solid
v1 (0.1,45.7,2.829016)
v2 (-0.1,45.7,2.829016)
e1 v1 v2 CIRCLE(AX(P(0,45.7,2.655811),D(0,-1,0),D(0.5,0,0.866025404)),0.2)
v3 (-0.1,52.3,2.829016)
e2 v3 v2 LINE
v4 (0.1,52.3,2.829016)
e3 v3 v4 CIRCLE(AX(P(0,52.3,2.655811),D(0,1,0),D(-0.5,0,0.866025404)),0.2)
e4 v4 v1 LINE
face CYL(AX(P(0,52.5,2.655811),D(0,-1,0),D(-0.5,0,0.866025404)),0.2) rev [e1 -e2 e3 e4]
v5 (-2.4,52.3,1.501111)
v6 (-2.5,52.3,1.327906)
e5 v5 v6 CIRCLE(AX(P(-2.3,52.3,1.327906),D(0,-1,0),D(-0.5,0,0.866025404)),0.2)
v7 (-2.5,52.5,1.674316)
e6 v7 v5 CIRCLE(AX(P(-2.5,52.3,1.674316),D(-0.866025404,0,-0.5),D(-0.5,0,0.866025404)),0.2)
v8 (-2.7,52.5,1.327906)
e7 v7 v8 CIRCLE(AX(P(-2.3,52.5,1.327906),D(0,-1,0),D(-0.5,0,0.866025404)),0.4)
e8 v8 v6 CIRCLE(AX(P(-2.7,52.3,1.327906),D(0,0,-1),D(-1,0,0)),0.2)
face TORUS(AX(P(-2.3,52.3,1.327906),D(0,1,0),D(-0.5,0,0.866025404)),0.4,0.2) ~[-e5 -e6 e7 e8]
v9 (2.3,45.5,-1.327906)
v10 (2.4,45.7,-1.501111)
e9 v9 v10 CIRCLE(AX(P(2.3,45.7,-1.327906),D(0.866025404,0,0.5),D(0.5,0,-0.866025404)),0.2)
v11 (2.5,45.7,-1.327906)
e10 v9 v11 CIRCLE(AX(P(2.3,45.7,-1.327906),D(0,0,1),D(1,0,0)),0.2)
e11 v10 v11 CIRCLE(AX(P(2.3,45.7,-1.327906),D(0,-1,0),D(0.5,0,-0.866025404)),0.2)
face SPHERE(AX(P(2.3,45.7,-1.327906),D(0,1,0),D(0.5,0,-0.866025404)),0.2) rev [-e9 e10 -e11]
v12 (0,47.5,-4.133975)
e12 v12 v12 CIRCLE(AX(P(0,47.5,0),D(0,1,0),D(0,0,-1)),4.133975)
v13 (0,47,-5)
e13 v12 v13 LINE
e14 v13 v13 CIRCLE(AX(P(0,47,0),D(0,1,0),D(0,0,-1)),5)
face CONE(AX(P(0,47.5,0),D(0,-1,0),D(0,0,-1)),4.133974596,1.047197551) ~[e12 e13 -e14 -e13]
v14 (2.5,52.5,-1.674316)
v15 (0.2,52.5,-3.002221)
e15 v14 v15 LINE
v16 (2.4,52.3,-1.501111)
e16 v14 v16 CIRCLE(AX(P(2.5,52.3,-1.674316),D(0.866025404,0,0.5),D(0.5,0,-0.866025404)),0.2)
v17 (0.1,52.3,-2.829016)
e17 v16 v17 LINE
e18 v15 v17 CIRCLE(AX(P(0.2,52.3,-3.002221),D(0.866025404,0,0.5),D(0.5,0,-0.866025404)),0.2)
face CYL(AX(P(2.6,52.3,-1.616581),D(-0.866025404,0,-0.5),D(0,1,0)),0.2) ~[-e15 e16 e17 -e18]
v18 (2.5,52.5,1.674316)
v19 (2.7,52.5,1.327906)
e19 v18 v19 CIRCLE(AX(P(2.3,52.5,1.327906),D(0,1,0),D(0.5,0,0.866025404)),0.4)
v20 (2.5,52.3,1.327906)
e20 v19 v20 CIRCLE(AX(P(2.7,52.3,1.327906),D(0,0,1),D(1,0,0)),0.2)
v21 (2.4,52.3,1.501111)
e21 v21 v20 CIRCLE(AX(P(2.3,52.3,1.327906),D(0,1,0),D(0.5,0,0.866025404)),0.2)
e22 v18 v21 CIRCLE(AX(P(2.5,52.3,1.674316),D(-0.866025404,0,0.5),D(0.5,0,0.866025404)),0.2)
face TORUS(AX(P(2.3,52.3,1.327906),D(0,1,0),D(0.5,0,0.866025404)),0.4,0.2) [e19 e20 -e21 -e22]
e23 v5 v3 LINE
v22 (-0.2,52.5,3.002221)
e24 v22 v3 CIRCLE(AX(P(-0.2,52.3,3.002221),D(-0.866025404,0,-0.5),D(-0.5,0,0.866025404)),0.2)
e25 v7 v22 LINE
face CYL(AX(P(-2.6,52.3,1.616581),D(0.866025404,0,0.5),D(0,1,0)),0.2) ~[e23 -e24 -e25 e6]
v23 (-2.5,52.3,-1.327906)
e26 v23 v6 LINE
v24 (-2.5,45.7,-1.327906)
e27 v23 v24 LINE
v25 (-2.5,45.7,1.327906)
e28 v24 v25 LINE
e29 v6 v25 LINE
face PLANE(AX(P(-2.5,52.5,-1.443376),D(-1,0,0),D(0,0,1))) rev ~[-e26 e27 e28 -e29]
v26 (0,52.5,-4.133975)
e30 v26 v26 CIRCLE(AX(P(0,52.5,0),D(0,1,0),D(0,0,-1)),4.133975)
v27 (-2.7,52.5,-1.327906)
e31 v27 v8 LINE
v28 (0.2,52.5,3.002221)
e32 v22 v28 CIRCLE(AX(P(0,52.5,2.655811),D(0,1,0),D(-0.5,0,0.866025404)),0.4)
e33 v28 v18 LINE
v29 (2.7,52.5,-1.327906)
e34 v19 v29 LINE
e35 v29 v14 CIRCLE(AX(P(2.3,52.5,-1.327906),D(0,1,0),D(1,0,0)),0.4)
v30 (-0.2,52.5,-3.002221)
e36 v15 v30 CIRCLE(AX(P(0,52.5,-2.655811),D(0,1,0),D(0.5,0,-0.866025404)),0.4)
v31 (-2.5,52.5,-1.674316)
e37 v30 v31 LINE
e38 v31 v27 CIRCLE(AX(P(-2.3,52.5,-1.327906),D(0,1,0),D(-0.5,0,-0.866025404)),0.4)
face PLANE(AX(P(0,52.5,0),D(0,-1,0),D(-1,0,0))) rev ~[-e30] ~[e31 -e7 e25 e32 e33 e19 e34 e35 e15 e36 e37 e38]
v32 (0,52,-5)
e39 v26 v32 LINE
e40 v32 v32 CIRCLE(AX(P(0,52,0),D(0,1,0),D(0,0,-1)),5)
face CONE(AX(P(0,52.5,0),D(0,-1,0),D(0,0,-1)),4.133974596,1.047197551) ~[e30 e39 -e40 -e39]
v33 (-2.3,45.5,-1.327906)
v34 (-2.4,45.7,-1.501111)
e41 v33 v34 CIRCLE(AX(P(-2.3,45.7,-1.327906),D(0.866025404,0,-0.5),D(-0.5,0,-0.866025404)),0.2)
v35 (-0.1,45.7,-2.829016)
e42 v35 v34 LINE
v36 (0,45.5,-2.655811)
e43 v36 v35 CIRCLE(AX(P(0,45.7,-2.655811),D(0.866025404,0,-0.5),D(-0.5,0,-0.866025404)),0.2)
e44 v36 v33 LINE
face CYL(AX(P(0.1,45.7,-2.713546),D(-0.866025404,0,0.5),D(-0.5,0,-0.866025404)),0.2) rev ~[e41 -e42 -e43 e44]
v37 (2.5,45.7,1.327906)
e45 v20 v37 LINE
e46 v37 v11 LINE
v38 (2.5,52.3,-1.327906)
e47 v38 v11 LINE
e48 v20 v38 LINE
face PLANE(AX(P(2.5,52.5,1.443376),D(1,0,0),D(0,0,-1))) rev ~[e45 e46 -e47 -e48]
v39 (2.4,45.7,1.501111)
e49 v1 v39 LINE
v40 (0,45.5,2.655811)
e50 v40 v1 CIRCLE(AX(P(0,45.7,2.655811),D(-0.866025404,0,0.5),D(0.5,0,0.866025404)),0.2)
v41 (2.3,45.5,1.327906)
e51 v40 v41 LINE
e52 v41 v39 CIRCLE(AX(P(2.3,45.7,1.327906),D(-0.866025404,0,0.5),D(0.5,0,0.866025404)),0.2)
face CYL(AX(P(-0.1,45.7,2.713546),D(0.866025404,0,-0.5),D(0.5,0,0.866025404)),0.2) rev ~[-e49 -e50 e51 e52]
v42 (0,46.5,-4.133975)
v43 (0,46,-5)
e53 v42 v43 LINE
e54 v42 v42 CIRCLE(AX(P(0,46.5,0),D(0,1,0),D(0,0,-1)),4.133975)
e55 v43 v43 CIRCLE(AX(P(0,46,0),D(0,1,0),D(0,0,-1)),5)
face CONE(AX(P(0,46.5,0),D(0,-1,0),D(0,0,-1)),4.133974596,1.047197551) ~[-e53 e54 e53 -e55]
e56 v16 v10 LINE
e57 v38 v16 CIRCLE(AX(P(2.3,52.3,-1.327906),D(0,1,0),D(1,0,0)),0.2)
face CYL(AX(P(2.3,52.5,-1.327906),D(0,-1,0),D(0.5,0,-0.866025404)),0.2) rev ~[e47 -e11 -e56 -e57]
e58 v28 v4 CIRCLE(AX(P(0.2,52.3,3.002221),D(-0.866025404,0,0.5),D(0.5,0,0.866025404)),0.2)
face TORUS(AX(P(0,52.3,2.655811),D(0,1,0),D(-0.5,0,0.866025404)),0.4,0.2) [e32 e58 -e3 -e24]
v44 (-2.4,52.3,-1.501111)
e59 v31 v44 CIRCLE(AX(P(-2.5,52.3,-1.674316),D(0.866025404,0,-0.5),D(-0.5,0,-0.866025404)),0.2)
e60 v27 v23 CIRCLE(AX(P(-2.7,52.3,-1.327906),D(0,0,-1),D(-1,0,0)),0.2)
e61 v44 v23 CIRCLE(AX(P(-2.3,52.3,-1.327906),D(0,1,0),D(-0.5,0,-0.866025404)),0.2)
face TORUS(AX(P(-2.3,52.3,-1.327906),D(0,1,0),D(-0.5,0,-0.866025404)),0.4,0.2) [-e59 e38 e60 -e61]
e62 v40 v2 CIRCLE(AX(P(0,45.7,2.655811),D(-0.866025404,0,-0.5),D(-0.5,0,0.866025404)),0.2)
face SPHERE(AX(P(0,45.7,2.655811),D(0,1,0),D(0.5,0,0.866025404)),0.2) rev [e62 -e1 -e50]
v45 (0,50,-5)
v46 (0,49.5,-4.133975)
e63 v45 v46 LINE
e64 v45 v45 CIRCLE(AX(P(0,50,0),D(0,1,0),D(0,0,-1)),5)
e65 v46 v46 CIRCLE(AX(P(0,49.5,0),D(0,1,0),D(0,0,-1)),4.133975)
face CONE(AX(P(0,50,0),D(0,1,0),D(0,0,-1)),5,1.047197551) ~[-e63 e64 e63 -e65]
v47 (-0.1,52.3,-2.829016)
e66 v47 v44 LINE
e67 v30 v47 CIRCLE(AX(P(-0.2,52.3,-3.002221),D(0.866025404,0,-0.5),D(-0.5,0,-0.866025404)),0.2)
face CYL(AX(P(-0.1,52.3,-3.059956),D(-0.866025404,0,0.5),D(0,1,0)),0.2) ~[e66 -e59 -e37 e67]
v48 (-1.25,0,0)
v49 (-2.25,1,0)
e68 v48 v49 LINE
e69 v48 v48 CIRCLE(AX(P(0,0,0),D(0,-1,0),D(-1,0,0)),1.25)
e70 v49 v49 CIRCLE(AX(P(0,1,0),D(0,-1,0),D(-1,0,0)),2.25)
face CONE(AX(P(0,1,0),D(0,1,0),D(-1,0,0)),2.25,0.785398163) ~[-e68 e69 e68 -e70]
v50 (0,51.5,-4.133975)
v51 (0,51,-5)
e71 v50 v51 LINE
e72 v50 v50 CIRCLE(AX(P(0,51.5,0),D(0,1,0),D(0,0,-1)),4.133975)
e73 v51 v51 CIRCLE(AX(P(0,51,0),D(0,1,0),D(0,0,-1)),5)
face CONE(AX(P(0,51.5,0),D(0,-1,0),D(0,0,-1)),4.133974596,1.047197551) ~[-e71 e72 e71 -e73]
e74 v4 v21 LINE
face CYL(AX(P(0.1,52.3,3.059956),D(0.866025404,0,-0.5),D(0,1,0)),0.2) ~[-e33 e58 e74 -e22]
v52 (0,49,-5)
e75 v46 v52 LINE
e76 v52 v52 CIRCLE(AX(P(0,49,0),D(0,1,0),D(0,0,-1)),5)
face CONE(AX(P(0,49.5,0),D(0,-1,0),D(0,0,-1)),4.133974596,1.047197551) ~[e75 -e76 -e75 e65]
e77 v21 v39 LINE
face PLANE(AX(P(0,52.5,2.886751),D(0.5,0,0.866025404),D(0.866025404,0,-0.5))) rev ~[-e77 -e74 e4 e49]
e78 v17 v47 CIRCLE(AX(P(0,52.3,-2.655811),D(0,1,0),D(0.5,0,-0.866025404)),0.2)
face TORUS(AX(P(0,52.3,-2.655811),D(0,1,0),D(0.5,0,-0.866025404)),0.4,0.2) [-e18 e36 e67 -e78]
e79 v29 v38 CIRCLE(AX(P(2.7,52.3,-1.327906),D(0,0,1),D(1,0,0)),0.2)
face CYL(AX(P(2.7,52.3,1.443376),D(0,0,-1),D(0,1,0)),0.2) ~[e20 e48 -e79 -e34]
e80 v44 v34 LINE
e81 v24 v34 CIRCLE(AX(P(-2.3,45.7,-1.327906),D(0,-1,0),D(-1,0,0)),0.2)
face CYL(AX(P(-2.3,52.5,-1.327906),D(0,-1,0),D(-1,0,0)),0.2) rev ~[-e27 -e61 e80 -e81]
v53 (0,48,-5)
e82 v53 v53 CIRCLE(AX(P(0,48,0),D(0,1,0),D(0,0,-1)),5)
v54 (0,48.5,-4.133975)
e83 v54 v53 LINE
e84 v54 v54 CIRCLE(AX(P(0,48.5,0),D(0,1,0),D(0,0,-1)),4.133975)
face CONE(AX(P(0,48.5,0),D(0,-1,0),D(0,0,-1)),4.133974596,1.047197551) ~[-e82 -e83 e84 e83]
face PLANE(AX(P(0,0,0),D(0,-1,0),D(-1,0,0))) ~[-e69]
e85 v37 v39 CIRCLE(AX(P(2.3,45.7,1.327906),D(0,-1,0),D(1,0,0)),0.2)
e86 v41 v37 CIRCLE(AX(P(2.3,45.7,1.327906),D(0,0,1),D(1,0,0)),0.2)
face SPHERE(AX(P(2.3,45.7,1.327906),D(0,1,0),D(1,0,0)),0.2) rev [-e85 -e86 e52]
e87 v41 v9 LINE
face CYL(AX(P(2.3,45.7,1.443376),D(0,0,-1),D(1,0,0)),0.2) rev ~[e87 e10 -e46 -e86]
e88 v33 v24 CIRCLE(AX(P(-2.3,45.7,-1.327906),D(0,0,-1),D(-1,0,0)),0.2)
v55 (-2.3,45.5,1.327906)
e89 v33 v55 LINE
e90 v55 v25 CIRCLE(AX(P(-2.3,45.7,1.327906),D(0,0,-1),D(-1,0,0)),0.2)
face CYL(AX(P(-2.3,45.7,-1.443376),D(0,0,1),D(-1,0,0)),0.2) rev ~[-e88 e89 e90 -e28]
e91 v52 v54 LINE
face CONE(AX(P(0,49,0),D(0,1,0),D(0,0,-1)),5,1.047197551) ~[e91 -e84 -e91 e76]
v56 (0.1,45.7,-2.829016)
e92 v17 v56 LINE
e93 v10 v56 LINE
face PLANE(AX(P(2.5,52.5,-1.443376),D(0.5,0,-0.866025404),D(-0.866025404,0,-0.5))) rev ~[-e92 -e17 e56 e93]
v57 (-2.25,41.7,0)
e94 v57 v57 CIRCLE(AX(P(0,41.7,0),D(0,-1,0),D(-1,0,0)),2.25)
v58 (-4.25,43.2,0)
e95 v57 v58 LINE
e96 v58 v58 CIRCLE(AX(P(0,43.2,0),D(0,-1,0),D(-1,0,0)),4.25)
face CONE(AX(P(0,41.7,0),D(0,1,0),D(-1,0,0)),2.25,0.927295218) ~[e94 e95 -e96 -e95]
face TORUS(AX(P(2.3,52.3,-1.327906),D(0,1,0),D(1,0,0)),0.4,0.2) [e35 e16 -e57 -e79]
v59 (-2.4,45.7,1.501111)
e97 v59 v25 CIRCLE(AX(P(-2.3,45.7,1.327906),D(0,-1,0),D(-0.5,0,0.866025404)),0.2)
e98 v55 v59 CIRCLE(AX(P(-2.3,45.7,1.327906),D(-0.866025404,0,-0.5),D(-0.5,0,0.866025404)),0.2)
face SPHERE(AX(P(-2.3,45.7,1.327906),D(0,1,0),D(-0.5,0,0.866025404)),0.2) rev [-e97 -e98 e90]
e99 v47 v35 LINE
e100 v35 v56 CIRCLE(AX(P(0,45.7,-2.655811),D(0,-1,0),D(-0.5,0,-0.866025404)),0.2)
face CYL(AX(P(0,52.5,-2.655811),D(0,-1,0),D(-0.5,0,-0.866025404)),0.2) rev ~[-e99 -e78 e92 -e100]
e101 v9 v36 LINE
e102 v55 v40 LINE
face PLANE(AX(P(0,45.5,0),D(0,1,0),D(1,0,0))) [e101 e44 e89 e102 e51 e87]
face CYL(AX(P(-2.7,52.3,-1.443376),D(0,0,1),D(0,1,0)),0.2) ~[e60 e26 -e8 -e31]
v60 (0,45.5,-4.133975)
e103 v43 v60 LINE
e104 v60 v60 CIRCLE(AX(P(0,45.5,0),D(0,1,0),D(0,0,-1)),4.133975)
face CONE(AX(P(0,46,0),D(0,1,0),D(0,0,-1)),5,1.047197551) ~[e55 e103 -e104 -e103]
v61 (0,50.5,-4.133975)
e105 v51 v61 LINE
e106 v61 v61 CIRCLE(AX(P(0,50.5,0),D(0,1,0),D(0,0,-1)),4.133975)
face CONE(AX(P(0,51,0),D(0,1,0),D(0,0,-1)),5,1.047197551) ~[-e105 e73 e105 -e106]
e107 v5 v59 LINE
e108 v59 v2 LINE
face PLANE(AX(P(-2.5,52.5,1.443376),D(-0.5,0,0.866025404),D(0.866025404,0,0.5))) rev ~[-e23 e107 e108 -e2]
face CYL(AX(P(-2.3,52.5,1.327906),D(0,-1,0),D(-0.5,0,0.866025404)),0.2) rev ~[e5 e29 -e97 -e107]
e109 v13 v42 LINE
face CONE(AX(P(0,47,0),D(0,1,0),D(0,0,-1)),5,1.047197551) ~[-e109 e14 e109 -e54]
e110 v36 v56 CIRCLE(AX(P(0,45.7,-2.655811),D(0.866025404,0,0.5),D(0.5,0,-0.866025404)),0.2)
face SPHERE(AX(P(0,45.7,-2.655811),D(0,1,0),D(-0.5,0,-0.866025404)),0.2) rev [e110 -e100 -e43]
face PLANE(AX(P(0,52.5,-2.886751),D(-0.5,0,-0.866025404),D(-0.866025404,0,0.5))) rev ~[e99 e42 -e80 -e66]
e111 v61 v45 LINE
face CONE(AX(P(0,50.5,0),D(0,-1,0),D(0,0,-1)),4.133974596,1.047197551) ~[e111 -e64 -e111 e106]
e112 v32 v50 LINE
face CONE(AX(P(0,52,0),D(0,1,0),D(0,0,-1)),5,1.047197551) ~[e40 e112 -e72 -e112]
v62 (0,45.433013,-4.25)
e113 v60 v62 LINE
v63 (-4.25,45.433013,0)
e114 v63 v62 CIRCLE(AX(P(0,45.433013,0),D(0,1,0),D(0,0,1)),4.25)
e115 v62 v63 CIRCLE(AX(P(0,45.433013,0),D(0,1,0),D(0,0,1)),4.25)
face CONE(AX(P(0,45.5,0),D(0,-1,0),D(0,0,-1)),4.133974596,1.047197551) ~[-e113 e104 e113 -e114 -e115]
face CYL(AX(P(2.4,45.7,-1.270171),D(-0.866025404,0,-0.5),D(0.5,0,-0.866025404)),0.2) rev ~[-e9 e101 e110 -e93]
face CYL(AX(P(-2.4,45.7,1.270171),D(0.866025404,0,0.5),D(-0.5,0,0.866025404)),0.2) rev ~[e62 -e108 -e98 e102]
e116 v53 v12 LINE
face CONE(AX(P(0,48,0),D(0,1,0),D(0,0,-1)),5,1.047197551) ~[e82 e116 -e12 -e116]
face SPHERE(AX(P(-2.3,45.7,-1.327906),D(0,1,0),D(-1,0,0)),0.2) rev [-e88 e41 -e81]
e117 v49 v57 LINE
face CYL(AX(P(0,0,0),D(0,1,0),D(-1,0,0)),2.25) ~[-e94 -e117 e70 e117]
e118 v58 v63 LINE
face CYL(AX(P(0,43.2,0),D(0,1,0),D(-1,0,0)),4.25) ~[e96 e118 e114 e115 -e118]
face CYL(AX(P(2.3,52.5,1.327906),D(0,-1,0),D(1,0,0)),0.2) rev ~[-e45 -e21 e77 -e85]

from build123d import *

# Parameters (mm, degrees)
CHAMFER1_SIZE      = 1
CHAMFER2_SIZE      = 0.5
CUT_EXTRUDE1_DEPTH = 7
FILLET1_R          = 0.2


with BuildPart() as part:
    # Sketch1 → Revolve1 (revolve)
    with BuildSketch(Plane.XY):
        Polygon((0, 0), (-2.25, 0), (-2.25, 41.7), (-4.25, 43.2), (-4.25, 45.5), (-5, 45.5), (-5, 52.5), (0, 52.5), align=None)
    revolve(axis=Axis((0, 52.5, 0), (0, -1, 0)))

    # Chamfer1
    chamfer1_edges = [part.edges().sort_by_distance(p)[0] for p in [
        (2.25, 0, 0),
    ]]
    chamfer(chamfer1_edges, length=CHAMFER1_SIZE)

    # Chamfer2
    chamfer2_edges = [part.edges().sort_by_distance(p)[0] for p in [
        (5, 52.5, 0),
    ]]
    chamfer(chamfer2_edges, length=CHAMFER2_SIZE)

    # Sketch2 → Cut-Extrude1 (cut)
    with BuildSketch(Plane(origin=(0, 52.5, 0), x_dir=(1, 0, 0), z_dir=(0, 1, 0))):
        Polygon((0, -2.886751346), (2.5, -1.443375673), (2.5, 1.443375673), (0, 2.886751346), (-2.5, 1.443375673), (-2.5, -1.443375673), align=None)
    extrude(amount=-CUT_EXTRUDE1_DEPTH, mode=Mode.SUBTRACT)

    # Fillet1
    fillet1_edges = [part.edges().sort_by_distance(p)[0] for p in [
        (-1.25, 45.5, 2.165063509),
        (0, 49, 2.886751346),
        (-2.5, 45.5, 0),
        (-2.5, 49, 1.443375673),
        (-1.25, 45.5, -2.165063509),
        (-2.5, 49, -1.443375673),
        (1.25, 45.5, -2.165063509),
        (0, 49, -2.886751346),
        (2.5, 45.5, 0),
        (2.5, 49, -1.443375673),
        (1.25, 45.5, 2.165063509),
        (2.5, 49, 1.443375673),
        (-1.25, 52.5, 2.165063509),
        (1.25, 52.5, 2.165063509),
        (2.5, 52.5, 0),
        (1.25, 52.5, -2.165063509),
        (-1.25, 52.5, -2.165063509),
        (-2.5, 52.5, 0),
    ]]
    fillet(fillet1_edges, radius=FILLET1_R)

    # Sketch3 → Cut-Revolve1 (revolve, cut)
    with BuildSketch(Plane.XY, mode=Mode.PRIVATE) as cut_revolve1_sk:
        Polygon((5, 52), (4.133974596, 51.5), (5, 51), align=None)
        Polygon((5, 51), (4.133974596, 50.5), (5, 50), align=None)
        Polygon((5, 50), (4.133974596, 49.5), (5, 49), align=None)
        Polygon((5, 49), (4.133974596, 48.5), (5, 48), align=None)
        Polygon((5, 48), (4.133974596, 47.5), (5, 47), align=None)
        Polygon((5, 47), (4.133974596, 46.5), (5, 46), align=None)
        Polygon((5, 46), (4.133974596, 45.5), (5, 45), align=None)
        Polygon((5, 53), (4.133974596, 52.5), (5, 52), align=None)
    revolve(cut_revolve1_sk.sketch.rotate(Axis((0, 53.547255409, 0), (0, 1, 0)), 90), axis=Axis((0, 53.547255409, 0), (0, 1, 0)), mode=Mode.SUBTRACT)


solid = part.part
